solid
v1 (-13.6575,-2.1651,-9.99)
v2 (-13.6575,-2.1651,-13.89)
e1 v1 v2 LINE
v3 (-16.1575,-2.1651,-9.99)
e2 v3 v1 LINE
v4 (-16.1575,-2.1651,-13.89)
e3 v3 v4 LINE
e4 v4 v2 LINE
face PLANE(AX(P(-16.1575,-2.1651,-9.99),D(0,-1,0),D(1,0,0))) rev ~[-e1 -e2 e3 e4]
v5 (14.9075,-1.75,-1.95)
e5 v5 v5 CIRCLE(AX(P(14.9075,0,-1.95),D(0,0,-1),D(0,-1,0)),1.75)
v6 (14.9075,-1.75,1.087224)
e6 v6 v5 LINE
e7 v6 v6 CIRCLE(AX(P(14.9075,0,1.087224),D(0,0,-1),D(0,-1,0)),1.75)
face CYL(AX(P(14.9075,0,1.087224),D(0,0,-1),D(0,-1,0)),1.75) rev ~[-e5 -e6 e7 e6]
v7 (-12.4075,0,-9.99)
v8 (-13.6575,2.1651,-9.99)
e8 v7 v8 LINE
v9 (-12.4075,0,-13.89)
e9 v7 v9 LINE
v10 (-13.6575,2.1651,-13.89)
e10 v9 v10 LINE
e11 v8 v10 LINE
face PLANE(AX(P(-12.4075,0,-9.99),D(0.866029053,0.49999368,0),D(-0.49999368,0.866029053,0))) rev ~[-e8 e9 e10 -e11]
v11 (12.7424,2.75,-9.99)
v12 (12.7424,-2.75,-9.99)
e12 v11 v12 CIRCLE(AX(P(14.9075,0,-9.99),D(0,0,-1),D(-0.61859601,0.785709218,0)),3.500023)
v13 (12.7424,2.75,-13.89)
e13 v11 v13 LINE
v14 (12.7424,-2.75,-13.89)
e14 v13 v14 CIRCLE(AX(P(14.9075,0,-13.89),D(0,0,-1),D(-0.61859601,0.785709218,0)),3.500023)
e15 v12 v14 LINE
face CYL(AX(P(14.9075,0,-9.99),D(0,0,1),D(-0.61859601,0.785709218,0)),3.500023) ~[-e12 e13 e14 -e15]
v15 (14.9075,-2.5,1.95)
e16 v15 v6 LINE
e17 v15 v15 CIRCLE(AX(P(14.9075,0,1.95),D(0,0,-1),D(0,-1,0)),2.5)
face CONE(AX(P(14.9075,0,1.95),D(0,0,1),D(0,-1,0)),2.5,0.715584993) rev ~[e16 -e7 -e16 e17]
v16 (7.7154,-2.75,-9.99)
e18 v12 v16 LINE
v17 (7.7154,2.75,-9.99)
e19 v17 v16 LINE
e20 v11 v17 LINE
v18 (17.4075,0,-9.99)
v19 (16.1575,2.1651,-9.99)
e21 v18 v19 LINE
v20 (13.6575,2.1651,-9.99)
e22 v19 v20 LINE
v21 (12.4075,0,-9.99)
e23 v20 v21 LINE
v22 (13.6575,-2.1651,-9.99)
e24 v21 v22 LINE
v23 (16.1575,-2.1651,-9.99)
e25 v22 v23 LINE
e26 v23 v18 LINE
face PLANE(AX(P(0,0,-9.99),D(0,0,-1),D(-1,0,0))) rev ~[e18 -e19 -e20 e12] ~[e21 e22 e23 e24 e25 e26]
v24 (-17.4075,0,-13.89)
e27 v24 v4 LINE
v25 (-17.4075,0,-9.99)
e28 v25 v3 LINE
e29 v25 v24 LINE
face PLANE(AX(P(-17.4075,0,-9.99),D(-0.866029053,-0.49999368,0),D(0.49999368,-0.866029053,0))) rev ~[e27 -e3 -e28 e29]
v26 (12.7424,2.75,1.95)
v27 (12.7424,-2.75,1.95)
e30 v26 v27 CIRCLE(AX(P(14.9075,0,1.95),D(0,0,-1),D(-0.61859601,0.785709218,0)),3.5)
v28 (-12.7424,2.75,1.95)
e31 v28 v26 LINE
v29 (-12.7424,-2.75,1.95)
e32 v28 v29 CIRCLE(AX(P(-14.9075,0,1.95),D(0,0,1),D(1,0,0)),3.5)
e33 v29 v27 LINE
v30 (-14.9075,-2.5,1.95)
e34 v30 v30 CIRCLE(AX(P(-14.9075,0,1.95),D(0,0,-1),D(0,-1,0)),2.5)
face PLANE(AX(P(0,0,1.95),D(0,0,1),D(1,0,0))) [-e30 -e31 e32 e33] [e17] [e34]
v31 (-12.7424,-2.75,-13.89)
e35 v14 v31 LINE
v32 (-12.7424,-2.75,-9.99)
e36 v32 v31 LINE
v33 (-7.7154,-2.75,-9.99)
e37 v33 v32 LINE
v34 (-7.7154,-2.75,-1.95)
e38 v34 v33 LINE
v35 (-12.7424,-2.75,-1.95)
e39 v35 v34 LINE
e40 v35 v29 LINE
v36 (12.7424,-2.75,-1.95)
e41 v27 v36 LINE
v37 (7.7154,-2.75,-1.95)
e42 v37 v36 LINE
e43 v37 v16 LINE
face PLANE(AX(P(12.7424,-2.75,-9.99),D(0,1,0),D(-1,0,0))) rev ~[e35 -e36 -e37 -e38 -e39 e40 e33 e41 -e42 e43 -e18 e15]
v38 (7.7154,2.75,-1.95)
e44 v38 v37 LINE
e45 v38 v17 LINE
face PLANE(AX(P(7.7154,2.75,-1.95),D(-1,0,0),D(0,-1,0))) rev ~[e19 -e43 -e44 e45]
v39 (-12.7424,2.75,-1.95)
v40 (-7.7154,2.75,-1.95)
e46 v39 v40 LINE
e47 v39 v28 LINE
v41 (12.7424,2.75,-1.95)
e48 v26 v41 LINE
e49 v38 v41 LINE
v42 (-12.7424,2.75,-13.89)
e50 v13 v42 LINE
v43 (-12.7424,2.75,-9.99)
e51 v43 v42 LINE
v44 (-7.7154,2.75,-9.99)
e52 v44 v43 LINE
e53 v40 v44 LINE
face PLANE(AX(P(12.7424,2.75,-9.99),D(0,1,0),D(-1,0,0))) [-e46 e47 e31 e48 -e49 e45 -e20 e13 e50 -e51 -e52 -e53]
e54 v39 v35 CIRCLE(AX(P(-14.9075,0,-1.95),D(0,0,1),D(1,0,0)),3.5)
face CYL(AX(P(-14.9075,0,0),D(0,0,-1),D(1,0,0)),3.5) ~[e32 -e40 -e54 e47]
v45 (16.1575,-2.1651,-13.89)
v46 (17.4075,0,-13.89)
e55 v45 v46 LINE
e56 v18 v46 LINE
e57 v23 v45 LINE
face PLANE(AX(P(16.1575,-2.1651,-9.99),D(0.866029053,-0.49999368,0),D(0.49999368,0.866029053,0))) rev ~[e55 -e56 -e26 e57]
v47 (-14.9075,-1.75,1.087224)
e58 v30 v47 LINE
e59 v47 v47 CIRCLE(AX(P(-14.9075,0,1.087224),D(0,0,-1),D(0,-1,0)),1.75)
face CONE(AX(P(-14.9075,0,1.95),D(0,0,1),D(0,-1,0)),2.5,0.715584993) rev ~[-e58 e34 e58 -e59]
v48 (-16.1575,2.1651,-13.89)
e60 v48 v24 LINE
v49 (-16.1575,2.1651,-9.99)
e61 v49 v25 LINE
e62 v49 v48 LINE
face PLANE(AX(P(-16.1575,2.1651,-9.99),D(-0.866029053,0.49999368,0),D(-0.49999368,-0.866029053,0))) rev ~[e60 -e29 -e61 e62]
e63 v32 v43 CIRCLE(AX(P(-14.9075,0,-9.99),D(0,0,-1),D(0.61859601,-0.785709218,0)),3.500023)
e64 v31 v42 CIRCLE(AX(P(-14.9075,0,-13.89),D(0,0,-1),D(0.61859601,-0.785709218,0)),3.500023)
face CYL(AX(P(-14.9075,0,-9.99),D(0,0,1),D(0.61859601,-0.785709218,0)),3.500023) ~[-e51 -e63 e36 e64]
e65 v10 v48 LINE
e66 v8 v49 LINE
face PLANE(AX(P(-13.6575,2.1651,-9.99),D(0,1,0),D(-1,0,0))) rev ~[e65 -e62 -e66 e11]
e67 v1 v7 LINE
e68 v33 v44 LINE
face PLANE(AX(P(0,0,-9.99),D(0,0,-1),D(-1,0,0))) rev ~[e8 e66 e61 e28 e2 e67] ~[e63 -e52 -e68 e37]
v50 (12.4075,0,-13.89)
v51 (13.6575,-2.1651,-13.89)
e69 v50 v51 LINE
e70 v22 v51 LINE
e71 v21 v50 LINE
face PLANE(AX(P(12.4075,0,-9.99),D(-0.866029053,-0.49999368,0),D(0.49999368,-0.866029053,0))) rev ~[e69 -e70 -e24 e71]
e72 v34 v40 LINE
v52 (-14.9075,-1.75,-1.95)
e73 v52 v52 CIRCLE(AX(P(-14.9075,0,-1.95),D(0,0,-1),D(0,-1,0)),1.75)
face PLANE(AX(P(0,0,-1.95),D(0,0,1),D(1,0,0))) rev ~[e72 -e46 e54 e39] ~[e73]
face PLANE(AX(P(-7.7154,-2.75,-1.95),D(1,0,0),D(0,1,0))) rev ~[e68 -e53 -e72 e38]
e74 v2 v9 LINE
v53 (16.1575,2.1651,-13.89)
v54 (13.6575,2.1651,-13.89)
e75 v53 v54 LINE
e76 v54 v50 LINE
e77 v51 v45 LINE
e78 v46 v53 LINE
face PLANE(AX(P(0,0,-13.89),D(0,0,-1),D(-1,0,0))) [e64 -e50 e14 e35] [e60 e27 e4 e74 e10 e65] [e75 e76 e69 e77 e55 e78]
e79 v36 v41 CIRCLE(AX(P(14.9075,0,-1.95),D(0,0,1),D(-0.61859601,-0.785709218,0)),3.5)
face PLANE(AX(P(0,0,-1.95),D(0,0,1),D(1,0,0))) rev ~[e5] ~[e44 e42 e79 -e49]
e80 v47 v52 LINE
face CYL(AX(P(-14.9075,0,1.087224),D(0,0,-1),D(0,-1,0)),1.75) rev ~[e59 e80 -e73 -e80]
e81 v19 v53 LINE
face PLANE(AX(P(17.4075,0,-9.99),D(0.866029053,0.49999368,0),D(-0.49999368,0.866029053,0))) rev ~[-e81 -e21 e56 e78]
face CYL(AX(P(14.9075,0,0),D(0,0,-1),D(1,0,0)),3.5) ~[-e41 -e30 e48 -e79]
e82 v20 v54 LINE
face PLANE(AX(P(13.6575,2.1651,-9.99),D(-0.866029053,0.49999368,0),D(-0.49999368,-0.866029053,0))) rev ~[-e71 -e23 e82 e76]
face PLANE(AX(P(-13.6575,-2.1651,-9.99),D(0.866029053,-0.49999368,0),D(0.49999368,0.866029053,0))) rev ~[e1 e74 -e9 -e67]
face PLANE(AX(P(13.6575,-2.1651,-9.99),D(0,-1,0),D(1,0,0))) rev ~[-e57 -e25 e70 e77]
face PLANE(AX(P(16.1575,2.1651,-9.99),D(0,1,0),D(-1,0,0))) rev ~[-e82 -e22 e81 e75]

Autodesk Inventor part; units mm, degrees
ref_plane "YZ Plane" through (0, 0, 0) normal (1, 0, 0) x (0, 1, 0)
ref_plane "XZ Plane" through (0, 0, 0) normal (0, 1, 0) x (-1, 0, 0)
ref_plane "XY Plane" through (0, 0, 0) normal (0, 0, 1) x (1, 0, 0)
sketch "Esboço1" plane through (0, 0, 0) normal (0, 0, 1) x (1, 0, 0)
  line L0 (-12.7424, 2.75) -> (12.7424, 2.75)
  line L1 (-12.7424, -2.75) -> (12.7424, -2.75)
  circle A0 centre (-14.9075, 0) radius 3.5
  circle A1 centre (14.9075, 0) radius 3.5
  circle A2 centre (-14.9075, 0) radius 2.5
  circle A3 centre (14.9075, 0) radius 2.5
  point P0 (0, 0)
  point P1 (0, 2.75)
  point P2 (0, -2.75)
  dimension "d7" = 7
  dimension "d5" = 2.75
  dimension "d6" = 2.75
  dimension "d9" = 14.9075
  dimension "d11" = 29.815
  dimension "d12" = 5
  dimension "d13" = 5
extrude "Extrusão1" add sketch "Esboço1" along normal mid plane 3.9 contours L0 A1 L1 A0 | A0 | A1 | A2 | A3
sketch "Esboço2" plane through (0, 0, -1.95) normal (0, 0, -1) x (-1, 0, 0)
  line L0 (-7.7154, -2.75) -> (7.7154, -2.75)
  line L1 (7.7154, -2.75) -> (7.7154, 2.75)
  line L2 (7.7154, 2.75) -> (-7.7154, 2.75)
  line L3 (-7.7154, 2.75) -> (-7.7154, -2.75)
  line L4 (-7.7154, -2.75) -> (7.7154, 2.75) construction
  line L5 (7.7154, -2.75) -> (-7.7154, 2.75) construction
  line L6 (12.7424, 2.75) -> (-12.7424, 2.75) projected
  line L7 (-12.7424, -2.75) -> (12.7424, -2.75) projected
  point P0 (0, 0)
  point P1 (0, 2.75)
  point P2 (0, -2.75)
  point P3 (7.7154, 0)
  point P4 (0, 2.75)
  dimension "d21" = 15.4307
extrude "Extrusão2" add sketch "Esboço2" along normal blind 8.04
sketch "Esboço3" plane through (0, 0, 1.95) normal (0, 0, 1) x (1, 0, 0)
  arc A0 (12.7424, -2.75) -> (12.7424, 2.75) centre (14.9075, 0) ccw projected
  point P0 (0, 0)
hole "Furo1" at (14.9075, 0, 1.95) direction (0, 0, -1) diameter 3.5 end through all countersink diameter 5 countersink angle 82
sketch "Esboço4" plane through (0, 0, 1.95) normal (0, 0, 1) x (1, 0, 0)
  arc A0 (-12.7424, 2.75) -> (-12.7424, -2.75) centre (-14.9075, 0) ccw projected
  point P0 (0, 0)
hole "Furo2" at (-14.9075, 0, 1.95) direction (0, 0, -1) diameter 3.5 end through all countersink diameter 5 countersink angle 82
sketch "Esboço5" plane through (0, 0, -9.99) normal (0, 0, -1) x (-1, 0, 0)
  arc A0 (-12.7424, 2.75) -> (-12.7424, -2.75) centre (-14.9075, 0) ccw projected
  circle A1 centre (-14.9075, 0) radius 3.5
  arc A2 (12.7424, -2.75) -> (12.7424, 2.75) centre (14.9075, 0) ccw projected
  circle A3 centre (14.9075, 0) radius 3.5
  line L0 (-12.7424, 2.75) -> (12.7424, 2.75)
  line L1 (-12.7424, -2.75) -> (12.7424, -2.75)
  circle A4 centre (-14.9075, 0) radius 2.5 projected
  line L2 (-13.6575, -2.1651) -> (-16.1575, -2.1651)
  line L3 (-16.1575, -2.1651) -> (-17.4075, 0)
  line L4 (-17.4075, 0) -> (-16.1575, 2.1651)
  line L5 (-16.1575, 2.1651) -> (-13.6575, 2.1651)
  line L6 (-13.6575, 2.1651) -> (-12.4075, 0)
  line L7 (-12.4075, 0) -> (-13.6575, -2.1651)
  circle A5 centre (14.9075, 0) radius 2.5 projected
  line L8 (13.6575, -2.1651) -> (12.4075, 0)
  line L9 (12.4075, 0) -> (13.6575, 2.1651)
  line L10 (13.6575, 2.1651) -> (16.1575, 2.1651)
  line L11 (16.1575, 2.1651) -> (17.4075, 0)
  line L12 (17.4075, 0) -> (16.1575, -2.1651)
  line L13 (16.1575, -2.1651) -> (13.6575, -2.1651)
  point P0 (0, 0)
  point P1 (-12.7424, -2.75)
  point P2 (-12.7424, 2.75)
  dimension "d37" = 7
extrude "Extrusão3" add sketch "Esboço5" along normal blind 3.9 contours A1 A0 | L0 A3 L1 A1 | A2 A3 | L6 A4 | A4 L7 | L5 A4 | A4 L2 | L4 A4 | A4 L3 | L11 A5 | A5 L12 | L10 A5 | A5 L13 | L9 A5 | A5 L8
equation "\"d6\" = d5"
properties part number "Barra1_0001_001" material "Borracha"
